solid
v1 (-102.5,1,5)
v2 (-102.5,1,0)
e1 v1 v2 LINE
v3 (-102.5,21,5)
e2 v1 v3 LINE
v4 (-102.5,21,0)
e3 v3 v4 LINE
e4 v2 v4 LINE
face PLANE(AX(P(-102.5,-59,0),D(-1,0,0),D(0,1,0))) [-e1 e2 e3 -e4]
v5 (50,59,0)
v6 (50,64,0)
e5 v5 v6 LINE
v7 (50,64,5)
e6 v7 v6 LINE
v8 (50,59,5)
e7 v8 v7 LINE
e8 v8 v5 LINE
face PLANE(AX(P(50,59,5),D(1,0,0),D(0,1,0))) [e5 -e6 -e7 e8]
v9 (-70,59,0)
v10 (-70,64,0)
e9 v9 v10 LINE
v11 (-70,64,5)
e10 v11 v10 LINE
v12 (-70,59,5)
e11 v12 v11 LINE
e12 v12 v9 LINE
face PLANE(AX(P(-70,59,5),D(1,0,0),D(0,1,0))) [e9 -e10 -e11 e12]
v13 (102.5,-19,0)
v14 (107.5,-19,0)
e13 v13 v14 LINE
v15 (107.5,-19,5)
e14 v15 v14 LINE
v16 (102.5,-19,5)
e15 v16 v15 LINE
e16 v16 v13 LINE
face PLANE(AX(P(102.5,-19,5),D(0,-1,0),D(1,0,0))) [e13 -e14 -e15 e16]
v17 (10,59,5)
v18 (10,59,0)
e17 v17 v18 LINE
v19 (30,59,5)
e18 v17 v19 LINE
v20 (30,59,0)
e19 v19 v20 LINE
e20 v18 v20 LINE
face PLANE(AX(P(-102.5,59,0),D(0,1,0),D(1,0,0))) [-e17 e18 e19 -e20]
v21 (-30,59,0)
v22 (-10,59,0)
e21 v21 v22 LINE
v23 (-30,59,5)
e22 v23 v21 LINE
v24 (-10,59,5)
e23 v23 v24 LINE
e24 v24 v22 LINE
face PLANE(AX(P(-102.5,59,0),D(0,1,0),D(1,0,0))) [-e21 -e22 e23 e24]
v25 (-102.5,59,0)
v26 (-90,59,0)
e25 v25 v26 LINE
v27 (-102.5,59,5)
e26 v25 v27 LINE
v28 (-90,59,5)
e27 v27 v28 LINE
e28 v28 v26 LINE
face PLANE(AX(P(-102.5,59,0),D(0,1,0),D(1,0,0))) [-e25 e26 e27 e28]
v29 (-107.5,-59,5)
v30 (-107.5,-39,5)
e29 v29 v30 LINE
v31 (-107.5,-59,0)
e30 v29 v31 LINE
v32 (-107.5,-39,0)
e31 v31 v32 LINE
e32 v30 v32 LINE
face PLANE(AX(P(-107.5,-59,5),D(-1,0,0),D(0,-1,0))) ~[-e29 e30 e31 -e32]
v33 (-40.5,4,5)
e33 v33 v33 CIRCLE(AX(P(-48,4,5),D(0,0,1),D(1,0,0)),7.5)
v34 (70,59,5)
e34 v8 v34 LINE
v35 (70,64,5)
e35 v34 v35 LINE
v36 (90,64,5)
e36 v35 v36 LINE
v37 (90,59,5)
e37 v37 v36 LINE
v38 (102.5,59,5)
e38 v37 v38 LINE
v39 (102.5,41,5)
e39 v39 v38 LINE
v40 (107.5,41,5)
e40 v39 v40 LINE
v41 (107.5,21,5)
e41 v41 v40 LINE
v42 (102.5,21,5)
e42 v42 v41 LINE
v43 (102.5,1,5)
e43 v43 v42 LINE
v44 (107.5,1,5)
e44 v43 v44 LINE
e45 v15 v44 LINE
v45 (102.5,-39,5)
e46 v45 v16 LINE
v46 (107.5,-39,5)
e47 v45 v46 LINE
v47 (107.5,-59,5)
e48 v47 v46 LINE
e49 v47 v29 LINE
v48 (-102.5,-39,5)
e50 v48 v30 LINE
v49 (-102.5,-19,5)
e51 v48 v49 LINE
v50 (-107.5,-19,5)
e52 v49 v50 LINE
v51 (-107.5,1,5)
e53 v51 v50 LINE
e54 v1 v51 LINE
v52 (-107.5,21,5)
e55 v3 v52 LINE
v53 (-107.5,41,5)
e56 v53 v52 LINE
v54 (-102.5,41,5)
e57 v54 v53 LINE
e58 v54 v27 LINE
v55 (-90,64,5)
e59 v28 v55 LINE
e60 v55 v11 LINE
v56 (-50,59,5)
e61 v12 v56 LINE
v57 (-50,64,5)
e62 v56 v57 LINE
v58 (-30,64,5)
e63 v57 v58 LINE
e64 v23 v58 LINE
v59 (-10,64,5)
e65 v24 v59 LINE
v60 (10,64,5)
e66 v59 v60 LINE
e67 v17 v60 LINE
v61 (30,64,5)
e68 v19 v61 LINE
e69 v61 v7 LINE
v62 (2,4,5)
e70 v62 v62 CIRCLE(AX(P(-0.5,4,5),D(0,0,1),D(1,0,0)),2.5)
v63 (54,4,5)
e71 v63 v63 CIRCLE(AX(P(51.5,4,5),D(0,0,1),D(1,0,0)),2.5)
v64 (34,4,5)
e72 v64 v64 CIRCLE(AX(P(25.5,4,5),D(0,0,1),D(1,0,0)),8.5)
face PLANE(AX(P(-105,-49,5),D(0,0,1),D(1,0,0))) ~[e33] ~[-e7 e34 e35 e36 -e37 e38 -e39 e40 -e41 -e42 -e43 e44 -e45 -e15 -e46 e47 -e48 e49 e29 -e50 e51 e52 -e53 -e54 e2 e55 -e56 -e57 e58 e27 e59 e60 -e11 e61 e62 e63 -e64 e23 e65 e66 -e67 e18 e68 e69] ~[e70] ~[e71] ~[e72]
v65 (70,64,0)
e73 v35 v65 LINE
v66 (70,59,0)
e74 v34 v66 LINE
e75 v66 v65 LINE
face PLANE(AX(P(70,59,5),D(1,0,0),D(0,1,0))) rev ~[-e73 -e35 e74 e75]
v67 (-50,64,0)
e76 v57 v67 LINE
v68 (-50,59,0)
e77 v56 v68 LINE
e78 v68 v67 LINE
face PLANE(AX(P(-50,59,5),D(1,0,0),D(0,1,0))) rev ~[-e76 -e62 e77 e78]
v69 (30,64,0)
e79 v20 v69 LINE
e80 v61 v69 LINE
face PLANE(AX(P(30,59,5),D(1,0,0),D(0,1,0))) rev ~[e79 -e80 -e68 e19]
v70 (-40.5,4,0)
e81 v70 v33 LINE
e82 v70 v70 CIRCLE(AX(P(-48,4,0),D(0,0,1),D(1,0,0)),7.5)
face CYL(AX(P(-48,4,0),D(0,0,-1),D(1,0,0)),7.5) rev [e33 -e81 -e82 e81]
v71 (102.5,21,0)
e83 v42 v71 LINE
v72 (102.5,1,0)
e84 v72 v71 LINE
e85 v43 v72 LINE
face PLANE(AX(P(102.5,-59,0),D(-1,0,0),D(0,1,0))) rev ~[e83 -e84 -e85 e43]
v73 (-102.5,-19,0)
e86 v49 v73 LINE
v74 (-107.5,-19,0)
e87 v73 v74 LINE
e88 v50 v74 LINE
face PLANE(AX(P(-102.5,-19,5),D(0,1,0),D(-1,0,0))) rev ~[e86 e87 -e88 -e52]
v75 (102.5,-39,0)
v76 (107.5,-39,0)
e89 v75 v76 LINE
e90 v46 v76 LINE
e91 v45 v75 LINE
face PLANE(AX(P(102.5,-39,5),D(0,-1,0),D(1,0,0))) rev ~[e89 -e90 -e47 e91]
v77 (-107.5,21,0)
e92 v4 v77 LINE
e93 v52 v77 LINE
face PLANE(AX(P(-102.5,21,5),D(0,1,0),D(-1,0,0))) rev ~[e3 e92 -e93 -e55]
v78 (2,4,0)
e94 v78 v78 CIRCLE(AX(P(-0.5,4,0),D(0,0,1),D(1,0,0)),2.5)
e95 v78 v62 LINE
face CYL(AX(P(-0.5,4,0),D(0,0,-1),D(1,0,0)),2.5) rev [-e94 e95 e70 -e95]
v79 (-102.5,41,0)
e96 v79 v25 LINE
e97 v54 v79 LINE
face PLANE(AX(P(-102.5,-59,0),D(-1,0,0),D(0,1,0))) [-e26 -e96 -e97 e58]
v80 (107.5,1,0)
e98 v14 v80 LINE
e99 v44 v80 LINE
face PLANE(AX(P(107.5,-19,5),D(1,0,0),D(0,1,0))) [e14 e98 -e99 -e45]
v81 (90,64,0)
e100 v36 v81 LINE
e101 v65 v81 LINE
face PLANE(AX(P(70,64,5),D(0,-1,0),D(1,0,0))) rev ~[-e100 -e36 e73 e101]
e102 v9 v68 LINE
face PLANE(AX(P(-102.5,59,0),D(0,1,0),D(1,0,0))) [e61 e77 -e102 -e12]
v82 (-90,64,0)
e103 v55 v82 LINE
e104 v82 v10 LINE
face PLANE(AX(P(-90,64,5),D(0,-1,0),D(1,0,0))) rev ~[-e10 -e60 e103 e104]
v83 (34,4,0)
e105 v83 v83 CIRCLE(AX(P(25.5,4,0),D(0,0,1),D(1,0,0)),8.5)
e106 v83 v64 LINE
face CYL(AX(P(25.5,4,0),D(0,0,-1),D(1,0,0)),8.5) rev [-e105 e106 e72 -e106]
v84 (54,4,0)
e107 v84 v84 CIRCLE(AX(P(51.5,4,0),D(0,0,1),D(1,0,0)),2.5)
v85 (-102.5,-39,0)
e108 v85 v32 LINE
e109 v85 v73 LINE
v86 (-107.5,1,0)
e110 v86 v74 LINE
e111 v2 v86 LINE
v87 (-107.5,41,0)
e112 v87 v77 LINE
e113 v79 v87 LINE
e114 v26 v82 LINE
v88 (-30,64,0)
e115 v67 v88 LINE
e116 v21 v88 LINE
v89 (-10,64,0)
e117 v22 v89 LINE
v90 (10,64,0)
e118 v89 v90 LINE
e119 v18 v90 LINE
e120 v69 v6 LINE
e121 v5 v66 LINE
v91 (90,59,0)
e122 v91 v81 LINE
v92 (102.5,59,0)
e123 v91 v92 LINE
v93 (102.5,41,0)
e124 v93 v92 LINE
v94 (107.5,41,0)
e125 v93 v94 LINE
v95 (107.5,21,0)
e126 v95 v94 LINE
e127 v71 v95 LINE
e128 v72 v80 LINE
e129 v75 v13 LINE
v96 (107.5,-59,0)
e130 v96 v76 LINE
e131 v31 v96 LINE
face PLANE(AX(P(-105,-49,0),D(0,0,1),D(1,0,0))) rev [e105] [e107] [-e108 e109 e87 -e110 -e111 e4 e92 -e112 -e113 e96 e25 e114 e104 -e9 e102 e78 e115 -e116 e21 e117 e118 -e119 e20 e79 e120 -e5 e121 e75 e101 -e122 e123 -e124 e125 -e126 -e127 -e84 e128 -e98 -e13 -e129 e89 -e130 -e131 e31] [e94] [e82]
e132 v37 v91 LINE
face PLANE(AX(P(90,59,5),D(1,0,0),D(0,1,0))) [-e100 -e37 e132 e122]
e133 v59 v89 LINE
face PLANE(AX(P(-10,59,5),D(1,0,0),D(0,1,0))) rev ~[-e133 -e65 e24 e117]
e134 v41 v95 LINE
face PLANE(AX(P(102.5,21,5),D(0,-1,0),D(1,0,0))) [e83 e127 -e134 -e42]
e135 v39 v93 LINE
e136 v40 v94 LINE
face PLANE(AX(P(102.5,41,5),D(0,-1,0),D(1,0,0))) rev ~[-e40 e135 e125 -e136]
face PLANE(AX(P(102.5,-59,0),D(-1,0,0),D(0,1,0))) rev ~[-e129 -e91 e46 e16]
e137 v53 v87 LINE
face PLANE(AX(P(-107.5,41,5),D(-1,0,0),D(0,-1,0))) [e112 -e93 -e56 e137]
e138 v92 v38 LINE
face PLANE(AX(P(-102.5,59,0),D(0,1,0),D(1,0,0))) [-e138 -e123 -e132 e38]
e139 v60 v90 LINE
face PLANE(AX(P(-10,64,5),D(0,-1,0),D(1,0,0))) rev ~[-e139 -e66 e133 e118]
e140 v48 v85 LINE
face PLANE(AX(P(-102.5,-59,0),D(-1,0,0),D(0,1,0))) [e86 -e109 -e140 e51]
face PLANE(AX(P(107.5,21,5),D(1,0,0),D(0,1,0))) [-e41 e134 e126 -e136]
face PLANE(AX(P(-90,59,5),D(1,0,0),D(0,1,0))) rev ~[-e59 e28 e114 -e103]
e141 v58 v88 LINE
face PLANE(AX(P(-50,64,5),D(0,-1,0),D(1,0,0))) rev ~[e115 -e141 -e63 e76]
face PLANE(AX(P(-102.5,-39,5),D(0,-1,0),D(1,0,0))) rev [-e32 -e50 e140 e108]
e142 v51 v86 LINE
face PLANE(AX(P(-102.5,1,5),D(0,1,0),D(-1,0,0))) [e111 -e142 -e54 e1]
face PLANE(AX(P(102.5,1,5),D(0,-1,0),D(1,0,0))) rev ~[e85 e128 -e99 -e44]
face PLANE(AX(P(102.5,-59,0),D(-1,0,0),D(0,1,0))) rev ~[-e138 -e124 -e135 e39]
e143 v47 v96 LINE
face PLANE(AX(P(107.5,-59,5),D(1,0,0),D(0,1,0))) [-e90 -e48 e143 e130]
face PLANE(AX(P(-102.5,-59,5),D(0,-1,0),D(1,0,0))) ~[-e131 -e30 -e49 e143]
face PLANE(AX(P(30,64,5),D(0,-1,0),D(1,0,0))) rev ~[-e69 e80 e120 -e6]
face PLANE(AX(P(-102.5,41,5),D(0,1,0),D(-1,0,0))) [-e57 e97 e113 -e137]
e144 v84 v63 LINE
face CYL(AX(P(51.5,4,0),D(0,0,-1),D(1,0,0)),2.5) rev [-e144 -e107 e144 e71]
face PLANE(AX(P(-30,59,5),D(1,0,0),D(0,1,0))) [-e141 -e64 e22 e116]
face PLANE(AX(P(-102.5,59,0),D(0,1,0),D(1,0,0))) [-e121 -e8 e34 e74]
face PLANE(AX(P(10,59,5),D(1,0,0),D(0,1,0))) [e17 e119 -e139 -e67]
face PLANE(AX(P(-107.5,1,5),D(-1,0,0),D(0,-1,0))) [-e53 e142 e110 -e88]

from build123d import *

# Parameters (mm, degrees)
SKETCH_1_W               = 205
SKETCH_1_H               = 118
SKETCH_1_R               = 8.5
SKETCH_1_R_2             = 7.5
SKETCH_1_R_3             = 2.5
EXTRUDE_1_DEPTH          = 5
SKETCH_2_W               = 5
SKETCH_2_H               = 20
EXTRUDE_2_DEPTH          = 5
PATTERN_LINEAR_2_COUNT   = 3
PATTERN_LINEAR_2_PITCH   = 40
MIRROR_2_COPY_1_SKETCH_W = 5
MIRROR_2_COPY_1_SKETCH_H = 20
MIRROR_2_COPY_1_DEPTH    = 5
MIRROR_2_COPY_2_SKETCH_W = 5
MIRROR_2_COPY_2_SKETCH_H = 20
MIRROR_2_COPY_2_DEPTH    = 5
SKETCH_3_W               = 20
SKETCH_3_H               = 5
EXTRUDE_3_DEPTH          = 5
PATTERN_LINEAR_3_COUNT   = 3
PATTERN_LINEAR_3_PITCH   = 40
PATTERN_LINEAR_4_COUNT   = 3
PATTERN_LINEAR_4_PITCH   = 40


with BuildPart() as part:
    # 스케치1 → 보스-돌출1 (new body)
    with BuildSketch(Plane.XY):
        Rectangle(SKETCH_1_W, SKETCH_1_H)
        with Locations((25.5, 4)):
            Circle(SKETCH_1_R, mode=Mode.SUBTRACT)
        with Locations((-48, 4)):
            Circle(SKETCH_1_R_2, mode=Mode.SUBTRACT)
        with Locations((-0.5, 4)):
            Circle(SKETCH_1_R_3, mode=Mode.SUBTRACT)
        with Locations((51.5, 4)):
            Circle(SKETCH_1_R_3, mode=Mode.SUBTRACT)
    extrude(amount=EXTRUDE_1_DEPTH)

    # 스케치2 → 보스-돌출2 (add)
    with BuildSketch(Plane.XY.offset(5)):
        with Locations((105, -49)):
            Rectangle(SKETCH_2_W, SKETCH_2_H)
    extrude_2 = extrude(amount=-EXTRUDE_2_DEPTH)

    # 선형 패턴2: 보스-돌출2 ×3
    with Locations(*[(0, i * PATTERN_LINEAR_2_PITCH, 0) for i in range(1, PATTERN_LINEAR_2_COUNT)]):
        add(extrude_2)

    # 대칭 복사2: 보스-돌출2 across plane
    add(extrude_2.mirror(Plane(origin=(0, 0, 0), x_dir=(0, 0, 1), z_dir=(1, 0, 0))))

    # 대칭 복사2 copy 1 sketch → 대칭 복사2 copy 1 (add)
    with BuildSketch(Plane(origin=(0, 40, 5), x_dir=(-1, 0, 0), z_dir=(0, 0, 1))):
        with Locations((105, 49)):
            Rectangle(MIRROR_2_COPY_1_SKETCH_W, MIRROR_2_COPY_1_SKETCH_H)
    extrude(amount=-MIRROR_2_COPY_1_DEPTH)

    # 대칭 복사2 copy 2 sketch → 대칭 복사2 copy 2 (add)
    with BuildSketch(Plane(origin=(0, 80, 5), x_dir=(-1, 0, 0), z_dir=(0, 0, 1))):
        with Locations((105, 49)):
            Rectangle(MIRROR_2_COPY_2_SKETCH_W, MIRROR_2_COPY_2_SKETCH_H)
    extrude(amount=-MIRROR_2_COPY_2_DEPTH)

    # 스케치3 → 보스-돌출3 (add)
    with BuildSketch(Plane.XY.offset(5)):
        with Locations((0, 61.5)):
            Rectangle(SKETCH_3_W, SKETCH_3_H)
    extrude_3 = extrude(amount=-EXTRUDE_3_DEPTH)

    # 선형 패턴3: 보스-돌출3 ×3
    with Locations(*[(i * PATTERN_LINEAR_3_PITCH, 0, 0) for i in range(1, PATTERN_LINEAR_3_COUNT)]):
        add(extrude_3)

    # 선형 패턴4: 보스-돌출3 ×3
    with Locations(*[(-i * PATTERN_LINEAR_4_PITCH, 0, 0) for i in range(1, PATTERN_LINEAR_4_COUNT)]):
        add(extrude_3)


solid = part.part
